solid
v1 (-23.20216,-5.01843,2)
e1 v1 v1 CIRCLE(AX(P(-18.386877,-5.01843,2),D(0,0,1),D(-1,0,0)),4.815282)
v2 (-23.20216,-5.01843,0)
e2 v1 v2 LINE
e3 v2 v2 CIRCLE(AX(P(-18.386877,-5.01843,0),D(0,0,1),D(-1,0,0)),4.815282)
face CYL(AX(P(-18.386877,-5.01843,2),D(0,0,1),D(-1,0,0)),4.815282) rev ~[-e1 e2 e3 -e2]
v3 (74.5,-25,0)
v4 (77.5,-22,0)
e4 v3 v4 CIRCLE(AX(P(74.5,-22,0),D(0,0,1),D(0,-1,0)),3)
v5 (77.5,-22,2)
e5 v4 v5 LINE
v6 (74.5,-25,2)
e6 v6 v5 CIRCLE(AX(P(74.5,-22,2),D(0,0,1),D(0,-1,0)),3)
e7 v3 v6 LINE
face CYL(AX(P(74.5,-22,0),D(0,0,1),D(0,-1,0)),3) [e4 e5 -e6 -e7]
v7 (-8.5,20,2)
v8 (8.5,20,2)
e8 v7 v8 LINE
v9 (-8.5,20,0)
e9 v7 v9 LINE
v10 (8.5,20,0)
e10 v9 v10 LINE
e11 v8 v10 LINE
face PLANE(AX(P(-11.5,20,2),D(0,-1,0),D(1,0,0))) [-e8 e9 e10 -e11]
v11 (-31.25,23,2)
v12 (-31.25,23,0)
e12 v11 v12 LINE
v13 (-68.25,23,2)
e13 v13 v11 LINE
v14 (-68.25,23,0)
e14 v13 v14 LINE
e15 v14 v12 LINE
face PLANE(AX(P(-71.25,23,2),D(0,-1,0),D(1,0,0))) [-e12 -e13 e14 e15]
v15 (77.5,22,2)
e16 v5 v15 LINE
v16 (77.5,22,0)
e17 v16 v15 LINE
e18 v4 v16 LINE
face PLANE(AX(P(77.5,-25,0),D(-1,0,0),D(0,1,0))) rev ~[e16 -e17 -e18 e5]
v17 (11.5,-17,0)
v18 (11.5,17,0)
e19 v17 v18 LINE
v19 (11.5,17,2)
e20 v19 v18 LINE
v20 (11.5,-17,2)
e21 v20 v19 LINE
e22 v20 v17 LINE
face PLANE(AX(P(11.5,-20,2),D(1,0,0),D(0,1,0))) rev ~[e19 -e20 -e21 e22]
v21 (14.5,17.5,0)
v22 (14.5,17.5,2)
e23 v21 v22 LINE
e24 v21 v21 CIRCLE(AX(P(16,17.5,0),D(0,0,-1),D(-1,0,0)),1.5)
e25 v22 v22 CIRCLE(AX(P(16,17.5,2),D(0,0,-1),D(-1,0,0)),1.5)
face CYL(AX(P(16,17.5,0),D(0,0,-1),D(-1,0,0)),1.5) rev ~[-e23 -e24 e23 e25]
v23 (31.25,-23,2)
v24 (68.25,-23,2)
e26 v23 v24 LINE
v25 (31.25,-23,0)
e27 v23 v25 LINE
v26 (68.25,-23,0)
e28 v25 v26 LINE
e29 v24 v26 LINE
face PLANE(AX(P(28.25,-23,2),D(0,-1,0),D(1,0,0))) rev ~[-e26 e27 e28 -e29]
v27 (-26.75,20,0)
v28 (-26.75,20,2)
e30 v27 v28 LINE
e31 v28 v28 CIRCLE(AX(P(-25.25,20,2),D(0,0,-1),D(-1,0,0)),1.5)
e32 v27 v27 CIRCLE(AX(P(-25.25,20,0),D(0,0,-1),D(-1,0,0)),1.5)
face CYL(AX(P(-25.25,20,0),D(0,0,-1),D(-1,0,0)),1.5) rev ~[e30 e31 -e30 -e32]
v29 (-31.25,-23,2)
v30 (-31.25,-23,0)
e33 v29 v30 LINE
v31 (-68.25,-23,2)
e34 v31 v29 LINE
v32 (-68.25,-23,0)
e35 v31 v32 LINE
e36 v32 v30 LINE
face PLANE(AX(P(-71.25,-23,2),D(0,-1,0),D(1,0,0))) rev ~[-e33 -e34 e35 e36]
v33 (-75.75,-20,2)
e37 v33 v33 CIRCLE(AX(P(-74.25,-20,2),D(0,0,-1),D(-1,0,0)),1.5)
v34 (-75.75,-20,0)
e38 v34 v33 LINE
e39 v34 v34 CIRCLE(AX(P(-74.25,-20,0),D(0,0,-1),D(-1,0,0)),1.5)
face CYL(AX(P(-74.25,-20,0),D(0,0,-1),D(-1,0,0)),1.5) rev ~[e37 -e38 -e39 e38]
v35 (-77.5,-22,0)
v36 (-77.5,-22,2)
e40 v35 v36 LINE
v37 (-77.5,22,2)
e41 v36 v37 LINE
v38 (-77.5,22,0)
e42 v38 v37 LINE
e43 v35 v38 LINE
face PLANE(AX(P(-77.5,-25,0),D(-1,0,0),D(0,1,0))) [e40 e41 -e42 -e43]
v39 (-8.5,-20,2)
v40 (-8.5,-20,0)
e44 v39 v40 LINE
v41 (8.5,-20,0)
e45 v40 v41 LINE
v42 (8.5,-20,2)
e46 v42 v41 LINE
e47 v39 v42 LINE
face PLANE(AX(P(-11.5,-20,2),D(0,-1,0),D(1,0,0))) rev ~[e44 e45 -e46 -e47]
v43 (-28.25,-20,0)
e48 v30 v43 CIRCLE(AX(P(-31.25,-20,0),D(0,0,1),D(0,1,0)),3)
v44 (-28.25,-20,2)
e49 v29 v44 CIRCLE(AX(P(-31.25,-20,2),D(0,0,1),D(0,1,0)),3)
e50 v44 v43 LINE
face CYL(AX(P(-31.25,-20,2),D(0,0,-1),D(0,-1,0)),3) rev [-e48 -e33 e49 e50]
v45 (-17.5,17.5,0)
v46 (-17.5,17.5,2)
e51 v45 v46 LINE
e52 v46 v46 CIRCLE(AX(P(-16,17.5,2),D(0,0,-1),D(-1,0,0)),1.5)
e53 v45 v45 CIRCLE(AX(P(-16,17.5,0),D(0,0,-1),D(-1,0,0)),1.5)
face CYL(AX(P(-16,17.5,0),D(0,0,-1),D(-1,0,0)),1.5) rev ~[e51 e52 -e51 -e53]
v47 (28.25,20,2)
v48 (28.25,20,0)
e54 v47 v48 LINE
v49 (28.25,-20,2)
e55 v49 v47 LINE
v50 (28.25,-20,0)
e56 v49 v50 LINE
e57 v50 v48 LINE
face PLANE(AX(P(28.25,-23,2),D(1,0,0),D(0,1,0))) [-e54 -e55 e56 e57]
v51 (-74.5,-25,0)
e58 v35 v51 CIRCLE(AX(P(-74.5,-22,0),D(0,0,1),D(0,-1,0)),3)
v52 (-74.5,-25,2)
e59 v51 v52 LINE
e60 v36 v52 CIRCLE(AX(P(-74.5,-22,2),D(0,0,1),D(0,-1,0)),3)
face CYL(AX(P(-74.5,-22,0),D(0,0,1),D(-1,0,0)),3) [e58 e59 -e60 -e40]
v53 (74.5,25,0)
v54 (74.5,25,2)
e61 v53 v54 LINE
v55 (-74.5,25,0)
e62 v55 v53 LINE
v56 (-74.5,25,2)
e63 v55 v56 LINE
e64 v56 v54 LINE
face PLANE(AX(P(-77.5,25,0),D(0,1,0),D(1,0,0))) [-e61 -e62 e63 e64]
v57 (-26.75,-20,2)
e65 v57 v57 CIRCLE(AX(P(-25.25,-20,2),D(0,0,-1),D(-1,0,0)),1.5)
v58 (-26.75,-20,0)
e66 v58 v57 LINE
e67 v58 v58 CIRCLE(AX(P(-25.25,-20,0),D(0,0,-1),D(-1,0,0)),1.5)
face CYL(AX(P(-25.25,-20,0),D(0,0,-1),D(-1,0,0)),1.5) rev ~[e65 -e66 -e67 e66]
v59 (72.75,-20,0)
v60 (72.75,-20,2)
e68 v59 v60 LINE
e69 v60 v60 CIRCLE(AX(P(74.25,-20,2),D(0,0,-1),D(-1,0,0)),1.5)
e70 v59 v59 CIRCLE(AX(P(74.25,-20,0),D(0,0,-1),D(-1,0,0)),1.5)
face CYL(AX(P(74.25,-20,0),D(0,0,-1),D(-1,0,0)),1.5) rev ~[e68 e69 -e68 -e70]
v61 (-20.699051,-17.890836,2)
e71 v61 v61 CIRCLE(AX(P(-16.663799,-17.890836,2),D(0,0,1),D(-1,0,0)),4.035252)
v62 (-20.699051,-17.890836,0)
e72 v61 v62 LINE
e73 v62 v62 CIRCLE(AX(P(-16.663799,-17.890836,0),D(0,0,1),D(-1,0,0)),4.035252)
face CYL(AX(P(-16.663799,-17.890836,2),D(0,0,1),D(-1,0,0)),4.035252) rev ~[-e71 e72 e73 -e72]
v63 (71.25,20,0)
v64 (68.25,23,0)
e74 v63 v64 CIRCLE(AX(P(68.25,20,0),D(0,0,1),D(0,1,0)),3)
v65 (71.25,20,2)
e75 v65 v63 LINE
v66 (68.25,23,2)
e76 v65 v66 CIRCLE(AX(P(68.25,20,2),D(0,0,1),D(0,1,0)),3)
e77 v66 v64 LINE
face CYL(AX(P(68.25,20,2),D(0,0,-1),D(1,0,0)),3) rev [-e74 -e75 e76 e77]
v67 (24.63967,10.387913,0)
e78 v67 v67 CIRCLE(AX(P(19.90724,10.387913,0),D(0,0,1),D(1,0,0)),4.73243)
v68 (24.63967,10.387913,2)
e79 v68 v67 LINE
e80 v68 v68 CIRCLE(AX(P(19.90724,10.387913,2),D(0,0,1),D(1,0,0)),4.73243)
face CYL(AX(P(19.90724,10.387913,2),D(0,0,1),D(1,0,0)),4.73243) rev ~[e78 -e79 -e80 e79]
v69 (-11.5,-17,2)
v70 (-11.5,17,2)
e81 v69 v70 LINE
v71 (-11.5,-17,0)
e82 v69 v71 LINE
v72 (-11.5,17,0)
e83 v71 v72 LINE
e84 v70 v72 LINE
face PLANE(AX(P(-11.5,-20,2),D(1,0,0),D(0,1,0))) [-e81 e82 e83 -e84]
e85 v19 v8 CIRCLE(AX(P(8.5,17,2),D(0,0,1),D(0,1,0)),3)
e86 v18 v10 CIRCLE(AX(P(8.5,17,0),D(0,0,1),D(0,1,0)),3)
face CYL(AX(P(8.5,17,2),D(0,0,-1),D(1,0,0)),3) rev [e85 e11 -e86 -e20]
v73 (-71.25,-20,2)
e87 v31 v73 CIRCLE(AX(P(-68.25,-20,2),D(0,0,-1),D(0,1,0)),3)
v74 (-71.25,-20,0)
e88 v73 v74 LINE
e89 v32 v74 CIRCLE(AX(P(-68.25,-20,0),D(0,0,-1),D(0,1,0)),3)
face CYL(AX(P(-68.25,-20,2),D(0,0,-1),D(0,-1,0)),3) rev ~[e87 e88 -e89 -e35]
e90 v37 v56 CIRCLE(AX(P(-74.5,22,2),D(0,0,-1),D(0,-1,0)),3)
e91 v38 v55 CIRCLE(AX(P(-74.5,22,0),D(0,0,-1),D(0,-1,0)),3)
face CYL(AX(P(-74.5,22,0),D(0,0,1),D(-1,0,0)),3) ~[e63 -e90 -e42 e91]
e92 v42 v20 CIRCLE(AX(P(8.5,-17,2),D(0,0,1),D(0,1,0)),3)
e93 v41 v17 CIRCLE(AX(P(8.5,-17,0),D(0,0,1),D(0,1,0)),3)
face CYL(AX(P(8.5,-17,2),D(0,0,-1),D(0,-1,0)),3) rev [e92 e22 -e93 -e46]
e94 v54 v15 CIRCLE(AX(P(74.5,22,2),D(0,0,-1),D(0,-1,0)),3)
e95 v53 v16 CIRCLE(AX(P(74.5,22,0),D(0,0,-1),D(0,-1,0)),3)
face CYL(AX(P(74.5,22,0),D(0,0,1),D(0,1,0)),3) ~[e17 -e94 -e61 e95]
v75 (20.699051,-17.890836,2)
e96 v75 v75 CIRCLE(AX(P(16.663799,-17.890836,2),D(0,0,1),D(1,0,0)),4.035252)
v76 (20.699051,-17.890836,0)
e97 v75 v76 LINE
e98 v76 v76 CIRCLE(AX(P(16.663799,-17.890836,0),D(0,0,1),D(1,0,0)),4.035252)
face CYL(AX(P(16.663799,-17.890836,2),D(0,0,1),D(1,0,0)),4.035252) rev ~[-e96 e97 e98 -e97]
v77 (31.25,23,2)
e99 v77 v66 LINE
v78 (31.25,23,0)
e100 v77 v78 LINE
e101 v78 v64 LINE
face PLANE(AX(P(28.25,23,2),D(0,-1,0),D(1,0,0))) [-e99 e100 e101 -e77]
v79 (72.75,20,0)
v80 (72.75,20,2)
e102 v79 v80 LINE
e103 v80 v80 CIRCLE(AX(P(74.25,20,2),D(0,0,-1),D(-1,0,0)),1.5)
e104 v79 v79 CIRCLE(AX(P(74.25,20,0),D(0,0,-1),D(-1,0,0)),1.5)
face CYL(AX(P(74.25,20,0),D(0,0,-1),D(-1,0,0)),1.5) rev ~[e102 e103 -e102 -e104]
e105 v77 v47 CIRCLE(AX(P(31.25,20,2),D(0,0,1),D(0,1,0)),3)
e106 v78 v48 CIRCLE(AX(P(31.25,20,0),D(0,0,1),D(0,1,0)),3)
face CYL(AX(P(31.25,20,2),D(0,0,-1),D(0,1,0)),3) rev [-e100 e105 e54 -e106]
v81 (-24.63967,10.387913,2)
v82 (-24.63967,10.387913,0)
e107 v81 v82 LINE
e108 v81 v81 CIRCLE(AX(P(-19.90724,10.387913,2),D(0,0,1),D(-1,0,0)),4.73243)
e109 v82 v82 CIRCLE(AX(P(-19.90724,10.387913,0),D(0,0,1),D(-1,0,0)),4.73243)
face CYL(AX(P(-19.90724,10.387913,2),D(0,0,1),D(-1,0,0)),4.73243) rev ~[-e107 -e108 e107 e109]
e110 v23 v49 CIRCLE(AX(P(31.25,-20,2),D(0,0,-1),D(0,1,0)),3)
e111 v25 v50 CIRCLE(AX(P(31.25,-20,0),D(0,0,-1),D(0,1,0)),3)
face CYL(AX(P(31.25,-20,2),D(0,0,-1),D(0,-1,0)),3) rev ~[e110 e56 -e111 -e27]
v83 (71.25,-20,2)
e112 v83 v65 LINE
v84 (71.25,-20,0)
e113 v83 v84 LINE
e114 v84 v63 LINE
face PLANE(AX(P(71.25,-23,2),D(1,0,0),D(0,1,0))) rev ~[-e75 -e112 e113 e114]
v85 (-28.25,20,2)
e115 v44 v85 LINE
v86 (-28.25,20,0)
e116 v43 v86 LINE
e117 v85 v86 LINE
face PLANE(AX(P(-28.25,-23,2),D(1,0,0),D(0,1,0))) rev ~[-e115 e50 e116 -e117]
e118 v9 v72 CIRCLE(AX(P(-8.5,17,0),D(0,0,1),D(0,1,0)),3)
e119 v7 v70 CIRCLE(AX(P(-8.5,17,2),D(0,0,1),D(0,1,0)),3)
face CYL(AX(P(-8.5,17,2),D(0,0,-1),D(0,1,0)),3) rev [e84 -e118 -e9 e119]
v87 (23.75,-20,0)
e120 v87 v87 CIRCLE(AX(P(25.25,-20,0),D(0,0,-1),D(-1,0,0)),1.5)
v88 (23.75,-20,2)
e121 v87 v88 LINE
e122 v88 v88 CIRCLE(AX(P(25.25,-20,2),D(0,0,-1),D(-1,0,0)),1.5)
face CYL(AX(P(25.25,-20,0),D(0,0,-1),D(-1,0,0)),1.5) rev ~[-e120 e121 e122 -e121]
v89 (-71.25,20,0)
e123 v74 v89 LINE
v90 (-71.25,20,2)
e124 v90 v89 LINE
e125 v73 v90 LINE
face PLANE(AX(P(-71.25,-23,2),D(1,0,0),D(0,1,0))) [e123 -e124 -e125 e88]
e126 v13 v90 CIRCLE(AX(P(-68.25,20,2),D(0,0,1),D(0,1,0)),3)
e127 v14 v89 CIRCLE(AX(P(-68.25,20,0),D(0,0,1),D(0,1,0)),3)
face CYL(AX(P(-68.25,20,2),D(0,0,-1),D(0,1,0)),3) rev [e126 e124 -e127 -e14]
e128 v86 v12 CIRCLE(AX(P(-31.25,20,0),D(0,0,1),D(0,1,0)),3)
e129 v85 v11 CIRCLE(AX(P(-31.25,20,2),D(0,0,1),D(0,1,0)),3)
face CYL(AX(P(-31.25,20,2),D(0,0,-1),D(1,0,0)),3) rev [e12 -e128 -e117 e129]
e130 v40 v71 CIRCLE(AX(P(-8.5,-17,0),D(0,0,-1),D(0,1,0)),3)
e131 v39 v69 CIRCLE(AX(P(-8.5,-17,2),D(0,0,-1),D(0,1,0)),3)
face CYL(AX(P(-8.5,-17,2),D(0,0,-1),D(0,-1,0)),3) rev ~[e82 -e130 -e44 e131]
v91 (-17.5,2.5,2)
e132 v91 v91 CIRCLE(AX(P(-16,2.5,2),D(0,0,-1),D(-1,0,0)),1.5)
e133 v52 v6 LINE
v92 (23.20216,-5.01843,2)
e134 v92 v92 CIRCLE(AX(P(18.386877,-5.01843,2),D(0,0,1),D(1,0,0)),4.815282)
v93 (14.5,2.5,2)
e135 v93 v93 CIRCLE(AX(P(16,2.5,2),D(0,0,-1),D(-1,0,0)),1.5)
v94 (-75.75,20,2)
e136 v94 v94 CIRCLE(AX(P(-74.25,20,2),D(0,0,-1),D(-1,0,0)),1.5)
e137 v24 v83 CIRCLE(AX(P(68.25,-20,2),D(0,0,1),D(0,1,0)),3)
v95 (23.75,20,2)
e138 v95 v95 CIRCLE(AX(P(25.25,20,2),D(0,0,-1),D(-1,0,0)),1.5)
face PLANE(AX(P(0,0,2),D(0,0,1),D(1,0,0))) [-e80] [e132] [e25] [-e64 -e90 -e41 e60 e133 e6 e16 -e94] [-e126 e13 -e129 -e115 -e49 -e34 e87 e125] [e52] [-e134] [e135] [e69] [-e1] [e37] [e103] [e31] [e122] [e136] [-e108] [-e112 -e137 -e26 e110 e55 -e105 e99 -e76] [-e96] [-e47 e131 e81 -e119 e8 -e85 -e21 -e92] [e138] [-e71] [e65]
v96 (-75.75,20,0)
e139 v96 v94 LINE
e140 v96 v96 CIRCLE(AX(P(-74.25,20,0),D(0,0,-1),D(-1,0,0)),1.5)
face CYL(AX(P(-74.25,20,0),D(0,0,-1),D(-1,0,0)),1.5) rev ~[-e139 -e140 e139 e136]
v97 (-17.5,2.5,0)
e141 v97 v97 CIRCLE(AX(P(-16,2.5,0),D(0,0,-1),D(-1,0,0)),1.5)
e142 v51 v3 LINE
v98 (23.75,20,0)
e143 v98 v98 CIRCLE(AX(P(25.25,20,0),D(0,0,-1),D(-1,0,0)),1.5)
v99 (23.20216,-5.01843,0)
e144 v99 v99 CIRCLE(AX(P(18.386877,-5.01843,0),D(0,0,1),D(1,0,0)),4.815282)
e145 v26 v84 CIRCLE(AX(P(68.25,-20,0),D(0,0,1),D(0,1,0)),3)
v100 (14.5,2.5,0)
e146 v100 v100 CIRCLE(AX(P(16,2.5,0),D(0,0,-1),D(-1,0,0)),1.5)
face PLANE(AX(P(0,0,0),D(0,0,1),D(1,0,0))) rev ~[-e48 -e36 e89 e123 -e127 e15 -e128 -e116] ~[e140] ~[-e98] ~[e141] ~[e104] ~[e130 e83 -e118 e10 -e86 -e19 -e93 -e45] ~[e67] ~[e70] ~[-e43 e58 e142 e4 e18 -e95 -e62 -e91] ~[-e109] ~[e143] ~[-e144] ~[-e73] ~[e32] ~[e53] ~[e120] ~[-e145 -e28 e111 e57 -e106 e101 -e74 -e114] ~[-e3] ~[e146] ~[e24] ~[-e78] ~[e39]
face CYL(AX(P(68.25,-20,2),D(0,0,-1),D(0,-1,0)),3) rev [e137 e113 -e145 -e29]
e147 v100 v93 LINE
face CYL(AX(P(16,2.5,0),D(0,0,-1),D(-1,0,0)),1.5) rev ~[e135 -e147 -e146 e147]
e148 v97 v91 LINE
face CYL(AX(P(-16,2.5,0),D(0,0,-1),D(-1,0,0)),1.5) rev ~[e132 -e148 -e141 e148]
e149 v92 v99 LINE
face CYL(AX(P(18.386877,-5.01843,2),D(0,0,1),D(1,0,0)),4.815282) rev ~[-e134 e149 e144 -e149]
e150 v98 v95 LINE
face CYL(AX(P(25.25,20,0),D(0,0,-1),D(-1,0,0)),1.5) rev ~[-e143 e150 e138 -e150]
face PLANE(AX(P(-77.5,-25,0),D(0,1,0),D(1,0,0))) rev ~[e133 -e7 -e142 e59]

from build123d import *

# Parameters (mm, degrees)
SKETCH_1_W          = 155
SKETCH_1_H          = 50
EXTRUDE_1_DEPTH     = 2
SKETCH_2_R          = 1.5
CUT_EXTRUDE_1_DEPTH = 10
FILLET_1_R          = 3
SKETCH_3_W          = 43
SKETCH_3_H          = 46
CUT_EXTRUDE_2_DEPTH = 10
FILLET_2_R          = 3
SKETCH_4_W          = 23
SKETCH_4_H          = 40
CUT_EXTRUDE_3_DEPTH = 10
FILLET_3_R          = 3
SKETCH_5_R          = 4.732430395
SKETCH_5_R_2        = 4.815282463
SKETCH_5_R_3        = 4.035251629
CUT_EXTRUDE_4_DEPTH = 10


with BuildPart() as part:
    # 草图1 → 凸台-拉伸1 (new body)
    with BuildSketch(Plane.XY):
        Rectangle(SKETCH_1_W, SKETCH_1_H)
    extrude(amount=EXTRUDE_1_DEPTH)

    # 草图2 → 切除-拉伸1 (cut)
    with BuildSketch(Plane(origin=(0, 0, 0), x_dir=(-1, 0, 0), z_dir=(0, 0, -1))):
        with Locations((-25.25, -20)):
            Circle(SKETCH_2_R)
        with Locations((-74.25, -20)):
            Circle(SKETCH_2_R)
        with Locations((-25.25, 20)):
            Circle(SKETCH_2_R)
        with Locations((-74.25, 20)):
            Circle(SKETCH_2_R)
        with Locations((25.25, -20)):
            Circle(SKETCH_2_R)
        with Locations((74.25, -20)):
            Circle(SKETCH_2_R)
        with Locations((25.25, 20)):
            Circle(SKETCH_2_R)
        with Locations((74.25, 20)):
            Circle(SKETCH_2_R)
        with Locations((16, 2.5)):
            Circle(SKETCH_2_R)
        with Locations((16, 17.5)):
            Circle(SKETCH_2_R)
        with Locations((-16, 2.5)):
            Circle(SKETCH_2_R)
        with Locations((-16, 17.5)):
            Circle(SKETCH_2_R)
    extrude(amount=-CUT_EXTRUDE_1_DEPTH, mode=Mode.SUBTRACT)

    # 圆角1
    fillet_1_edges = [part.edges().sort_by_distance(p)[0] for p in [
        (77.5, -25, 1),
        (-77.5, -25, 1),
        (-77.5, 25, 1),
        (77.5, 25, 1),
    ]]
    fillet(fillet_1_edges, radius=FILLET_1_R)

    # 草图3 → 切除-拉伸2 (cut)
    with BuildSketch(Plane.XY.offset(2)):
        with Locations((49.75, 0)):
            Rectangle(SKETCH_3_W, SKETCH_3_H)
        with Locations((-49.75, 0)):
            Rectangle(SKETCH_3_W, SKETCH_3_H)
    extrude(amount=-CUT_EXTRUDE_2_DEPTH, mode=Mode.SUBTRACT)

    # 圆角2
    fillet_2_edges = [part.edges().sort_by_distance(p)[0] for p in [
        (71.25, 23, 1),
        (71.25, -23, 1),
        (28.25, -23, 1),
        (28.25, 23, 1),
        (-28.25, 23, 1),
        (-28.25, -23, 1),
        (-71.25, -23, 1),
        (-71.25, 23, 1),
    ]]
    fillet(fillet_2_edges, radius=FILLET_2_R)

    # 草图4 → 切除-拉伸3 (cut)
    with BuildSketch(Plane.XY.offset(2)):
        Rectangle(SKETCH_4_W, SKETCH_4_H)
    extrude(amount=-CUT_EXTRUDE_3_DEPTH, mode=Mode.SUBTRACT)

    # 圆角3
    fillet_3_edges = [part.edges().sort_by_distance(p)[0] for p in [
        (11.5, 20, 1),
        (11.5, -20, 1),
        (-11.5, -20, 1),
        (-11.5, 20, 1),
    ]]
    fillet(fillet_3_edges, radius=FILLET_3_R)

    # 草图5 → 切除-拉伸4 (cut)
    with BuildSketch(Plane.XY.offset(2)):
        with Locations((19.907240007, 10.387913302)):
            Circle(SKETCH_5_R)
        with Locations((18.386877163, -5.018430181)):
            Circle(SKETCH_5_R_2)
        with Locations((16.663799274, -17.890835592)):
            Circle(SKETCH_5_R_3)
        with Locations(Location((-16.663799274, -17.890835592, 0), (0, 0, 180))):
            Circle(SKETCH_5_R_3)
        with Locations(Location((-18.386877163, -5.018430181, 0), (0, 0, 180))):
            Circle(SKETCH_5_R_2)
        with Locations(Location((-19.907240007, 10.387913302, 0), (0, 0, 180))):
            Circle(SKETCH_5_R)
    extrude(amount=-CUT_EXTRUDE_4_DEPTH, mode=Mode.SUBTRACT)


solid = part.part
